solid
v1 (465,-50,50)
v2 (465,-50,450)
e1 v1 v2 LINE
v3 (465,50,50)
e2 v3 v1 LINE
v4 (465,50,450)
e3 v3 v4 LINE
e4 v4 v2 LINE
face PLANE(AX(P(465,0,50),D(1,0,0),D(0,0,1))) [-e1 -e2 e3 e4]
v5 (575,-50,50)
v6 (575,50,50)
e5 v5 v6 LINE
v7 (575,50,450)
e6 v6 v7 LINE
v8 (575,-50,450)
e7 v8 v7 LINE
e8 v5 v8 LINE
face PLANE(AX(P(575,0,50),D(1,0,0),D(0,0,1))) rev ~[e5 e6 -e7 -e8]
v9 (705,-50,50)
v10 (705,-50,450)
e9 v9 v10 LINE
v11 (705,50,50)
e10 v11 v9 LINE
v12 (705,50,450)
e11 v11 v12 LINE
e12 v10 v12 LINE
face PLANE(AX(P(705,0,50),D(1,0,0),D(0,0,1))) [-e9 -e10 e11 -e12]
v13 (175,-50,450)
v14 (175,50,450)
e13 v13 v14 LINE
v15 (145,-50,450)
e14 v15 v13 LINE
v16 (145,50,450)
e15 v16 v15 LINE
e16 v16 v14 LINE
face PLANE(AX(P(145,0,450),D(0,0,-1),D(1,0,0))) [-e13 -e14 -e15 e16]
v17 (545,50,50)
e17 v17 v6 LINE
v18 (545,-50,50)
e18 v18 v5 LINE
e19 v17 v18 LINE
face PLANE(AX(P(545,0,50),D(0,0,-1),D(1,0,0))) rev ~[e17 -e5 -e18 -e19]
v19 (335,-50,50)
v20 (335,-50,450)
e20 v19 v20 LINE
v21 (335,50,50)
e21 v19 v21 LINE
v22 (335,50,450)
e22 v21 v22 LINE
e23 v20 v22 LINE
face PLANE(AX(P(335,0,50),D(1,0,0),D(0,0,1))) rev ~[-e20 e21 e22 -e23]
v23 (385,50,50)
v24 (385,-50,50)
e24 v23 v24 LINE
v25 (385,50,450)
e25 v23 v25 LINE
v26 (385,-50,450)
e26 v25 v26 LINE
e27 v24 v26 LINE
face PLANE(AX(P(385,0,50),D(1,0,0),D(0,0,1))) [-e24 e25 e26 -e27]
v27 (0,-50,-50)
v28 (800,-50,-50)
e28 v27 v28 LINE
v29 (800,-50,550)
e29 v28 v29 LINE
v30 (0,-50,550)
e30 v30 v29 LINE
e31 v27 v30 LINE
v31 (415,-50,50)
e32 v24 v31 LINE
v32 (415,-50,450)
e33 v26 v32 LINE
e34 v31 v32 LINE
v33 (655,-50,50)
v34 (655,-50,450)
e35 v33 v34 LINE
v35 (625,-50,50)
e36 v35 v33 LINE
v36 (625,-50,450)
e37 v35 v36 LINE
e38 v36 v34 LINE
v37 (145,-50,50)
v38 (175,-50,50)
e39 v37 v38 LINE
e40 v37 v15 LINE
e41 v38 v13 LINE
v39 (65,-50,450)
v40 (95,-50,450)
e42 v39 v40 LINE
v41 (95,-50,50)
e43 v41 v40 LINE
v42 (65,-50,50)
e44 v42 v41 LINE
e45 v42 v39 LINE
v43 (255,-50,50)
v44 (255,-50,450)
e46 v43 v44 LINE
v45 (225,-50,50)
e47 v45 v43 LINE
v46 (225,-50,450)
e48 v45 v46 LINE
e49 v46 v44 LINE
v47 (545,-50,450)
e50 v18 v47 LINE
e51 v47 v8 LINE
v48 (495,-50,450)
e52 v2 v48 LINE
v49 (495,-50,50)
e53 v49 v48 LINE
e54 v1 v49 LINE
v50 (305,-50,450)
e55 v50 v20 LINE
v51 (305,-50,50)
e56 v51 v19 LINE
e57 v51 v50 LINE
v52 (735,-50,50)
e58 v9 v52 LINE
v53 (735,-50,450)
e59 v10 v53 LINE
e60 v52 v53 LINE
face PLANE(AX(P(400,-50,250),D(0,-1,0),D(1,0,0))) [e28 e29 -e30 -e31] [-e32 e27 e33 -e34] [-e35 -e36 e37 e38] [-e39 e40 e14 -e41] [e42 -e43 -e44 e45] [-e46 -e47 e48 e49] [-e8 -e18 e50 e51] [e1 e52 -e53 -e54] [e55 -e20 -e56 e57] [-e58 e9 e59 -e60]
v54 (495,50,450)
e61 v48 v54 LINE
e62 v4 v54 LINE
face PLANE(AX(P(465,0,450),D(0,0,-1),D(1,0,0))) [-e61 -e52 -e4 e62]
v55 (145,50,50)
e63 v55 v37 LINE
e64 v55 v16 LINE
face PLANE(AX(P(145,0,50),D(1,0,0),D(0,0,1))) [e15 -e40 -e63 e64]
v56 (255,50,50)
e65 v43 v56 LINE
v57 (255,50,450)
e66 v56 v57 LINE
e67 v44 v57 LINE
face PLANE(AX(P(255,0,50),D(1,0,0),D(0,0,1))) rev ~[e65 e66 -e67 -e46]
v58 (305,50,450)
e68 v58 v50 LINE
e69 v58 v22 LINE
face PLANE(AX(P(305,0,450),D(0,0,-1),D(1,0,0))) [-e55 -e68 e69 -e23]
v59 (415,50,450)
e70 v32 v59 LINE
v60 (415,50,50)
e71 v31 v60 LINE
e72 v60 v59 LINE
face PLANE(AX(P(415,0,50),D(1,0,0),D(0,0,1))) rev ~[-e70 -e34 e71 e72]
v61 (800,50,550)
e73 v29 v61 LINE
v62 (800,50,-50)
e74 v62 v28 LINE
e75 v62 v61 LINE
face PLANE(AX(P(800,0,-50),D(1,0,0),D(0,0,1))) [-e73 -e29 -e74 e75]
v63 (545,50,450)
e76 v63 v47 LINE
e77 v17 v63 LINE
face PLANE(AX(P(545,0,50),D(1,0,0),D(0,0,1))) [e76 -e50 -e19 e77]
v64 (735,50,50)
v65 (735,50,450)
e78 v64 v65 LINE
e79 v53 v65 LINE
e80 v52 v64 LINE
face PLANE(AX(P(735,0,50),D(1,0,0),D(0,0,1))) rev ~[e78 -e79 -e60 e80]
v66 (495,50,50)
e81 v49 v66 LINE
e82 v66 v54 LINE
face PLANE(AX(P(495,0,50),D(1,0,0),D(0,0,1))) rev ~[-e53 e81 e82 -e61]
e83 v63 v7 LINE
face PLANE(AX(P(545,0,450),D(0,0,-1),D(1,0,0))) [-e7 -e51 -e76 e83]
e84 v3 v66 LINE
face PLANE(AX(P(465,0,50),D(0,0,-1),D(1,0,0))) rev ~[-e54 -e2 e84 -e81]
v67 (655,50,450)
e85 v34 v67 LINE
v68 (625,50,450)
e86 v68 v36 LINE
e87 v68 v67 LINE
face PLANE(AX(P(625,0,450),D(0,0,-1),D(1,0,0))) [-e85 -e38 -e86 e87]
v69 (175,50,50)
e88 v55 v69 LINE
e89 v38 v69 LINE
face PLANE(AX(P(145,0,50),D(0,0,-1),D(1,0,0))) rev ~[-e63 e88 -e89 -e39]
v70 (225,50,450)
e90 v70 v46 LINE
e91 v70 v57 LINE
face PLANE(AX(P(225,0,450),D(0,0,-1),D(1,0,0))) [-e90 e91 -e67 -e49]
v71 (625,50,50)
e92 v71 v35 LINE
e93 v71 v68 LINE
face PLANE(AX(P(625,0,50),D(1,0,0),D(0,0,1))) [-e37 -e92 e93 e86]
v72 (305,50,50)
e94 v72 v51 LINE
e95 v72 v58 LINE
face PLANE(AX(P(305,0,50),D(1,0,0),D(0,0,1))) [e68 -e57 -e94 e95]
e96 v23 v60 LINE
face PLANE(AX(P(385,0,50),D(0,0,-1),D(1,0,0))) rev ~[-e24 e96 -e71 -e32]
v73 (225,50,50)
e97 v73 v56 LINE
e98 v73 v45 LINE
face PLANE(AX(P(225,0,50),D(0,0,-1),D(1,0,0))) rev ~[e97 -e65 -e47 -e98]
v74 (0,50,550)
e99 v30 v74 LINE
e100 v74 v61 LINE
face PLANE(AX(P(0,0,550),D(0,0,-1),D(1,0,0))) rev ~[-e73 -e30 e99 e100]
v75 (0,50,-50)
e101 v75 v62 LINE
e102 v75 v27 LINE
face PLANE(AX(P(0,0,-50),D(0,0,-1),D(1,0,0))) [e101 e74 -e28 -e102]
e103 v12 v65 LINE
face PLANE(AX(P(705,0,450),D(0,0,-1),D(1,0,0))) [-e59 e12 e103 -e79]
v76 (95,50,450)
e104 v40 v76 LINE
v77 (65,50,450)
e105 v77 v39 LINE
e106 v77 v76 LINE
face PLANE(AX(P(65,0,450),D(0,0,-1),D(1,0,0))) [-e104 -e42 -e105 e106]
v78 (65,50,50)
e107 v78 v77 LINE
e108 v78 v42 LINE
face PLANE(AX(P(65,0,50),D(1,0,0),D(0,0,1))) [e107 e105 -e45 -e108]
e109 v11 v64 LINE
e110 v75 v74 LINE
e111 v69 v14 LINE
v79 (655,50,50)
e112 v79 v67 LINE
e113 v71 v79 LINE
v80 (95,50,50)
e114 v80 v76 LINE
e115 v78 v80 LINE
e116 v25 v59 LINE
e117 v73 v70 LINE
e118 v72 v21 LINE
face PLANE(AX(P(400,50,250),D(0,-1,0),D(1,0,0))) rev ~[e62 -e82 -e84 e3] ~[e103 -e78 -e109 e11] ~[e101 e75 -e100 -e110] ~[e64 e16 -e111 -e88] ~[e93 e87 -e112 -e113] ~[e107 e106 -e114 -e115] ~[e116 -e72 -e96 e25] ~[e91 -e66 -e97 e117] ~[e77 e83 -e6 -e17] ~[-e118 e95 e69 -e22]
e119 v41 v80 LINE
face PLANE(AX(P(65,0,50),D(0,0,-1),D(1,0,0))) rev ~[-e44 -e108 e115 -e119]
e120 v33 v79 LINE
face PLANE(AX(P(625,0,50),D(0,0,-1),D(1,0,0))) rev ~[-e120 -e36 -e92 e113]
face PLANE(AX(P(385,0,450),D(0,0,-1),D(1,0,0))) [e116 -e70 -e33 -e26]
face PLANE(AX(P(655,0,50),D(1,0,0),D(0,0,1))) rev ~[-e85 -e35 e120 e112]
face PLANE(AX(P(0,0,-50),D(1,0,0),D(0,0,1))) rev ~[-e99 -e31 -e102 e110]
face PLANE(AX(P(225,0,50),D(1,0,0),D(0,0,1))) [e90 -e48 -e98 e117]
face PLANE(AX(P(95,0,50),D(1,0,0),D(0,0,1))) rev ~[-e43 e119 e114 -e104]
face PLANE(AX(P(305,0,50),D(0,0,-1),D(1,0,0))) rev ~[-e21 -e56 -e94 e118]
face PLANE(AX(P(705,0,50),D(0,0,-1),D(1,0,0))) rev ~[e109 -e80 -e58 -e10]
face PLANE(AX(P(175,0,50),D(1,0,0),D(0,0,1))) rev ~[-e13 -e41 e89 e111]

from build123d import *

# Parameters (mm, degrees)
F0_W     = 800
F0_H     = 600
F0_W_2   = 30
F0_H_2   = 400
F1_DEPTH = 50


with BuildPart() as f1:
    # F0 (on Front) → F1 (new body, symmetric)
    with BuildSketch(Plane.XZ):
        with Locations((400, 250)):
            Rectangle(F0_W, F0_H)
        with Locations((80, 250)):
            Rectangle(F0_W_2, F0_H_2, mode=Mode.SUBTRACT)
        with Locations((160, 250)):
            Rectangle(F0_W_2, F0_H_2, mode=Mode.SUBTRACT)
        with Locations((240, 250)):
            Rectangle(F0_W_2, F0_H_2, mode=Mode.SUBTRACT)
        with Locations((320, 250)):
            Rectangle(F0_W_2, F0_H_2, mode=Mode.SUBTRACT)
        with Locations((400, 250)):
            Rectangle(F0_W_2, F0_H_2, mode=Mode.SUBTRACT)
        with Locations((480, 250)):
            Rectangle(F0_W_2, F0_H_2, mode=Mode.SUBTRACT)
        with Locations((560, 250)):
            Rectangle(F0_W_2, F0_H_2, mode=Mode.SUBTRACT)
        with Locations((640, 250)):
            Rectangle(F0_W_2, F0_H_2, mode=Mode.SUBTRACT)
        with Locations((720, 250)):
            Rectangle(F0_W_2, F0_H_2, mode=Mode.SUBTRACT)
    extrude(amount=F1_DEPTH, both=True)


solid = f1.part
